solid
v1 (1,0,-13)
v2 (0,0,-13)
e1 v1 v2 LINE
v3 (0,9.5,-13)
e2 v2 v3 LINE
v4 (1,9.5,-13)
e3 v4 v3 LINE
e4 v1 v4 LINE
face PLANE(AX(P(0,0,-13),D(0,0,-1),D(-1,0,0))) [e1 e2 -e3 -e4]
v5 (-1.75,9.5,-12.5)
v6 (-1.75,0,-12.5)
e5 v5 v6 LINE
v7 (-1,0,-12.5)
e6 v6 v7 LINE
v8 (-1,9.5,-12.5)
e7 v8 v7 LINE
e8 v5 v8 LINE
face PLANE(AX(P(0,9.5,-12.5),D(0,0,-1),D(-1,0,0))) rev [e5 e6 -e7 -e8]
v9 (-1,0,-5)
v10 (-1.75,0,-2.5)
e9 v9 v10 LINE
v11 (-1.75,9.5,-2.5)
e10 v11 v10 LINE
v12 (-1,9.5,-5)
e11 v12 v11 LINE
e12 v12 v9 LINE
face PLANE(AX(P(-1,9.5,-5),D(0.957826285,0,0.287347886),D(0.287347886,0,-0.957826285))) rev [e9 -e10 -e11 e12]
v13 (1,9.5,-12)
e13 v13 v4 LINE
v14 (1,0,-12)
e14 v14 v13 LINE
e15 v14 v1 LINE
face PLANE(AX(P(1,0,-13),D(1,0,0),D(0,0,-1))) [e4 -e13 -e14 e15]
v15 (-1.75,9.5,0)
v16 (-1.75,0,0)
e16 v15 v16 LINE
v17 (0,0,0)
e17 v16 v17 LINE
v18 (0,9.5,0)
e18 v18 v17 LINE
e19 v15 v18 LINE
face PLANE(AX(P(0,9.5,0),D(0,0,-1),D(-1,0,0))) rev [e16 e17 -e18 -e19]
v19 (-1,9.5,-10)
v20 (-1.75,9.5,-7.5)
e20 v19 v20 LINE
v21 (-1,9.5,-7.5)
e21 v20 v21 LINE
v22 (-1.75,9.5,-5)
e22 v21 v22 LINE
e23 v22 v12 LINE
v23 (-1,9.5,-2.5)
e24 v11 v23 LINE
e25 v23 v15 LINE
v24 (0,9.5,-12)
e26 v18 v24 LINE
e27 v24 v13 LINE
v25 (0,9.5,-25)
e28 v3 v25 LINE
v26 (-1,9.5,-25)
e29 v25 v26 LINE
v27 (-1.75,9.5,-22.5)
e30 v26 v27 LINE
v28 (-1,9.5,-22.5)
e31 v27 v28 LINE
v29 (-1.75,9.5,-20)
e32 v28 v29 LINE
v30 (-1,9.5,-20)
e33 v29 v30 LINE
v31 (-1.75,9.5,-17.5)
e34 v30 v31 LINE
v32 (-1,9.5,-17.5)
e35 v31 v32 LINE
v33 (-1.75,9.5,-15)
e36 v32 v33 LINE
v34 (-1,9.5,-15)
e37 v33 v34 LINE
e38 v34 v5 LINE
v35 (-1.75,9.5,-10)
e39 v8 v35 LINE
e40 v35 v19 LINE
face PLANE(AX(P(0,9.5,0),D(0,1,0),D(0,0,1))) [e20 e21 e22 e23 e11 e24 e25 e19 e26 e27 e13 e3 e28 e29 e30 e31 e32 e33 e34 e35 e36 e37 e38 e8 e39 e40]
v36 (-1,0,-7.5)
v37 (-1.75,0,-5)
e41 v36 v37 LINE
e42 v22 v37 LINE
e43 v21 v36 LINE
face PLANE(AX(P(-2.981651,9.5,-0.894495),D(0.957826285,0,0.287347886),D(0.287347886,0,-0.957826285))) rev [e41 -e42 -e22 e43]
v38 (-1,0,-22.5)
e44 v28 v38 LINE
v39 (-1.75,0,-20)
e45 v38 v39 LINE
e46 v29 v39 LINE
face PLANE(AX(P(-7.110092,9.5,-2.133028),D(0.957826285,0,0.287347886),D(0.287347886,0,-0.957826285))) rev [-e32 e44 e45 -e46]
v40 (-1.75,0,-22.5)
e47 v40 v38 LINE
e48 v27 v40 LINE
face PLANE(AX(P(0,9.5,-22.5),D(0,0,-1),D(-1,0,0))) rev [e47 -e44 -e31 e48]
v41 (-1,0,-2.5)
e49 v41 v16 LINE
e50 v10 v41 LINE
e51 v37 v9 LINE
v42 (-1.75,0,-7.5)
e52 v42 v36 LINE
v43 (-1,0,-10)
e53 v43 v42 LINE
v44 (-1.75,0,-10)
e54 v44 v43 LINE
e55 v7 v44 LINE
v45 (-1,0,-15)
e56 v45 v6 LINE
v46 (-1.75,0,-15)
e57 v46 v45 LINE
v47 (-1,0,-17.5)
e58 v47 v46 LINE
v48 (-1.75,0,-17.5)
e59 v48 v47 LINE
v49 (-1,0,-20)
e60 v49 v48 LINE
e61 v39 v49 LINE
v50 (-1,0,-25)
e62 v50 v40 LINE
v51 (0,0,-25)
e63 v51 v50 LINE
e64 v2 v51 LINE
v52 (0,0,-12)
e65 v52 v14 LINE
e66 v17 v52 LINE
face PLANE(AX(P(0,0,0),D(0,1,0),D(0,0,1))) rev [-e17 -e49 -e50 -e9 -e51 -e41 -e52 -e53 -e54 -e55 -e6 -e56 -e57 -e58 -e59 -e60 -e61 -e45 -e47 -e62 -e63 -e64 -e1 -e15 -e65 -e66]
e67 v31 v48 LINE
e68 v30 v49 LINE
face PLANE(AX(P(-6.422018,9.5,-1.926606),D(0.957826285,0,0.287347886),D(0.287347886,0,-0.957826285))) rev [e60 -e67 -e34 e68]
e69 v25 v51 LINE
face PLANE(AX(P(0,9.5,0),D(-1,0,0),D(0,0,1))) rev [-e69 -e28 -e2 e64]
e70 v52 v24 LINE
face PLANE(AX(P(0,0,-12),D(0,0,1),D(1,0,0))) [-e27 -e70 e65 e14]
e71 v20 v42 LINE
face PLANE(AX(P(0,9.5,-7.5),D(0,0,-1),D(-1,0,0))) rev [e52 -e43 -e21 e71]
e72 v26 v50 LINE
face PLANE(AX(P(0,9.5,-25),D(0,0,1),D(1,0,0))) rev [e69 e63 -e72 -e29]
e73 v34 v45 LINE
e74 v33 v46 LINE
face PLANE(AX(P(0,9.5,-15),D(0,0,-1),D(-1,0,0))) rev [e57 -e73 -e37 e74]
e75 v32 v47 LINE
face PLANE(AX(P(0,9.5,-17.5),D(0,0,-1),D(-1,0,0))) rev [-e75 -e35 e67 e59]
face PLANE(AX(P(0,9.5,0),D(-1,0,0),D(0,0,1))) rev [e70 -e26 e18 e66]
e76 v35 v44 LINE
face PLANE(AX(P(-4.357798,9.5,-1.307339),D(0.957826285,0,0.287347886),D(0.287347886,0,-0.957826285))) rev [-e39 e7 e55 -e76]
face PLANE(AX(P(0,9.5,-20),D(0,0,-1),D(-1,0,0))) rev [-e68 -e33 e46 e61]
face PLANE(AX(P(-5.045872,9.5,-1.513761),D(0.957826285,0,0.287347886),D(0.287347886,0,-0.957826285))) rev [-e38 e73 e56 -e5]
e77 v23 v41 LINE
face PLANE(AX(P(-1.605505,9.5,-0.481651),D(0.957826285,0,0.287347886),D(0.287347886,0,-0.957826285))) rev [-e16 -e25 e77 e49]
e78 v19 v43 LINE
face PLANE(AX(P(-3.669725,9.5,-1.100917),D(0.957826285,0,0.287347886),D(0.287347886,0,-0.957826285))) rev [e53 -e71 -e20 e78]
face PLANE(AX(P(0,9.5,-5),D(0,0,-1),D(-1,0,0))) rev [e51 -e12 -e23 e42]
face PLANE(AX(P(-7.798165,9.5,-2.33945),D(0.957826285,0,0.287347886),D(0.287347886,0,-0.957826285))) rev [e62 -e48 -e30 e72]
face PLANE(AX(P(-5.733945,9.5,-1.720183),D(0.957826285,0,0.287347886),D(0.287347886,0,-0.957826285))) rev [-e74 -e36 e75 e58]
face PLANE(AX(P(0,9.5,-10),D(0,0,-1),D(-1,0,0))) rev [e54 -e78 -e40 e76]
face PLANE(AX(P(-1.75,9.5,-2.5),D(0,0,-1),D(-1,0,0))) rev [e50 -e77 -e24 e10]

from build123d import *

# Parameters (mm, degrees)
SKETCH1_W           = 1
SKETCH1_H           = 25
BOSS_EXTRUDE1_DEPTH = 9.5
SKETCH2_W           = 1
SKETCH2_H           = 1
BOSS_EXTRUDE2_DEPTH = 9.5


with BuildPart() as part:
    # Sketch1 → Boss-Extrude1 (new body)
    with BuildSketch(Plane(origin=(0, 0, 0), x_dir=(1, 0, 0), z_dir=(0, 1, 0))):
        with Locations((-0.5, 12.5)):
            Rectangle(SKETCH1_W, SKETCH1_H)
        Polygon((-1, 22.5), (-1, 25), (-1.75, 22.5), align=None)
        Polygon((-1, 20), (-1, 22.5), (-1.75, 20), align=None)
        Polygon((-1, 17.5), (-1, 20), (-1.75, 17.5), align=None)
        Polygon((-1, 15), (-1, 17.5), (-1.75, 15), align=None)
        Polygon((-1, 12.5), (-1, 15), (-1.75, 12.5), align=None)
        Polygon((-1.75, 10), (-1, 10), (-1, 12.5), align=None)
        Polygon((-1.75, 7.5), (-1, 7.5), (-1, 10), align=None)
        Polygon((-1.75, 5), (-1, 5), (-1, 7.5), align=None)
        Polygon((-1.75, 0), (-1, 0), (-1, 2.5), align=None)
        Polygon((-1.75, 2.5), (-1, 2.5), (-1, 5), align=None)
    extrude(amount=BOSS_EXTRUDE1_DEPTH)

    # Sketch2 → Boss-Extrude2 (add)
    with BuildSketch(Plane(origin=(0, 9.5, 0), x_dir=(1, 0, 0), z_dir=(0, 1, 0))):
        with Locations((0.5, 12.5)):
            Rectangle(SKETCH2_W, SKETCH2_H)
    extrude(amount=-BOSS_EXTRUDE2_DEPTH)


solid = part.part
